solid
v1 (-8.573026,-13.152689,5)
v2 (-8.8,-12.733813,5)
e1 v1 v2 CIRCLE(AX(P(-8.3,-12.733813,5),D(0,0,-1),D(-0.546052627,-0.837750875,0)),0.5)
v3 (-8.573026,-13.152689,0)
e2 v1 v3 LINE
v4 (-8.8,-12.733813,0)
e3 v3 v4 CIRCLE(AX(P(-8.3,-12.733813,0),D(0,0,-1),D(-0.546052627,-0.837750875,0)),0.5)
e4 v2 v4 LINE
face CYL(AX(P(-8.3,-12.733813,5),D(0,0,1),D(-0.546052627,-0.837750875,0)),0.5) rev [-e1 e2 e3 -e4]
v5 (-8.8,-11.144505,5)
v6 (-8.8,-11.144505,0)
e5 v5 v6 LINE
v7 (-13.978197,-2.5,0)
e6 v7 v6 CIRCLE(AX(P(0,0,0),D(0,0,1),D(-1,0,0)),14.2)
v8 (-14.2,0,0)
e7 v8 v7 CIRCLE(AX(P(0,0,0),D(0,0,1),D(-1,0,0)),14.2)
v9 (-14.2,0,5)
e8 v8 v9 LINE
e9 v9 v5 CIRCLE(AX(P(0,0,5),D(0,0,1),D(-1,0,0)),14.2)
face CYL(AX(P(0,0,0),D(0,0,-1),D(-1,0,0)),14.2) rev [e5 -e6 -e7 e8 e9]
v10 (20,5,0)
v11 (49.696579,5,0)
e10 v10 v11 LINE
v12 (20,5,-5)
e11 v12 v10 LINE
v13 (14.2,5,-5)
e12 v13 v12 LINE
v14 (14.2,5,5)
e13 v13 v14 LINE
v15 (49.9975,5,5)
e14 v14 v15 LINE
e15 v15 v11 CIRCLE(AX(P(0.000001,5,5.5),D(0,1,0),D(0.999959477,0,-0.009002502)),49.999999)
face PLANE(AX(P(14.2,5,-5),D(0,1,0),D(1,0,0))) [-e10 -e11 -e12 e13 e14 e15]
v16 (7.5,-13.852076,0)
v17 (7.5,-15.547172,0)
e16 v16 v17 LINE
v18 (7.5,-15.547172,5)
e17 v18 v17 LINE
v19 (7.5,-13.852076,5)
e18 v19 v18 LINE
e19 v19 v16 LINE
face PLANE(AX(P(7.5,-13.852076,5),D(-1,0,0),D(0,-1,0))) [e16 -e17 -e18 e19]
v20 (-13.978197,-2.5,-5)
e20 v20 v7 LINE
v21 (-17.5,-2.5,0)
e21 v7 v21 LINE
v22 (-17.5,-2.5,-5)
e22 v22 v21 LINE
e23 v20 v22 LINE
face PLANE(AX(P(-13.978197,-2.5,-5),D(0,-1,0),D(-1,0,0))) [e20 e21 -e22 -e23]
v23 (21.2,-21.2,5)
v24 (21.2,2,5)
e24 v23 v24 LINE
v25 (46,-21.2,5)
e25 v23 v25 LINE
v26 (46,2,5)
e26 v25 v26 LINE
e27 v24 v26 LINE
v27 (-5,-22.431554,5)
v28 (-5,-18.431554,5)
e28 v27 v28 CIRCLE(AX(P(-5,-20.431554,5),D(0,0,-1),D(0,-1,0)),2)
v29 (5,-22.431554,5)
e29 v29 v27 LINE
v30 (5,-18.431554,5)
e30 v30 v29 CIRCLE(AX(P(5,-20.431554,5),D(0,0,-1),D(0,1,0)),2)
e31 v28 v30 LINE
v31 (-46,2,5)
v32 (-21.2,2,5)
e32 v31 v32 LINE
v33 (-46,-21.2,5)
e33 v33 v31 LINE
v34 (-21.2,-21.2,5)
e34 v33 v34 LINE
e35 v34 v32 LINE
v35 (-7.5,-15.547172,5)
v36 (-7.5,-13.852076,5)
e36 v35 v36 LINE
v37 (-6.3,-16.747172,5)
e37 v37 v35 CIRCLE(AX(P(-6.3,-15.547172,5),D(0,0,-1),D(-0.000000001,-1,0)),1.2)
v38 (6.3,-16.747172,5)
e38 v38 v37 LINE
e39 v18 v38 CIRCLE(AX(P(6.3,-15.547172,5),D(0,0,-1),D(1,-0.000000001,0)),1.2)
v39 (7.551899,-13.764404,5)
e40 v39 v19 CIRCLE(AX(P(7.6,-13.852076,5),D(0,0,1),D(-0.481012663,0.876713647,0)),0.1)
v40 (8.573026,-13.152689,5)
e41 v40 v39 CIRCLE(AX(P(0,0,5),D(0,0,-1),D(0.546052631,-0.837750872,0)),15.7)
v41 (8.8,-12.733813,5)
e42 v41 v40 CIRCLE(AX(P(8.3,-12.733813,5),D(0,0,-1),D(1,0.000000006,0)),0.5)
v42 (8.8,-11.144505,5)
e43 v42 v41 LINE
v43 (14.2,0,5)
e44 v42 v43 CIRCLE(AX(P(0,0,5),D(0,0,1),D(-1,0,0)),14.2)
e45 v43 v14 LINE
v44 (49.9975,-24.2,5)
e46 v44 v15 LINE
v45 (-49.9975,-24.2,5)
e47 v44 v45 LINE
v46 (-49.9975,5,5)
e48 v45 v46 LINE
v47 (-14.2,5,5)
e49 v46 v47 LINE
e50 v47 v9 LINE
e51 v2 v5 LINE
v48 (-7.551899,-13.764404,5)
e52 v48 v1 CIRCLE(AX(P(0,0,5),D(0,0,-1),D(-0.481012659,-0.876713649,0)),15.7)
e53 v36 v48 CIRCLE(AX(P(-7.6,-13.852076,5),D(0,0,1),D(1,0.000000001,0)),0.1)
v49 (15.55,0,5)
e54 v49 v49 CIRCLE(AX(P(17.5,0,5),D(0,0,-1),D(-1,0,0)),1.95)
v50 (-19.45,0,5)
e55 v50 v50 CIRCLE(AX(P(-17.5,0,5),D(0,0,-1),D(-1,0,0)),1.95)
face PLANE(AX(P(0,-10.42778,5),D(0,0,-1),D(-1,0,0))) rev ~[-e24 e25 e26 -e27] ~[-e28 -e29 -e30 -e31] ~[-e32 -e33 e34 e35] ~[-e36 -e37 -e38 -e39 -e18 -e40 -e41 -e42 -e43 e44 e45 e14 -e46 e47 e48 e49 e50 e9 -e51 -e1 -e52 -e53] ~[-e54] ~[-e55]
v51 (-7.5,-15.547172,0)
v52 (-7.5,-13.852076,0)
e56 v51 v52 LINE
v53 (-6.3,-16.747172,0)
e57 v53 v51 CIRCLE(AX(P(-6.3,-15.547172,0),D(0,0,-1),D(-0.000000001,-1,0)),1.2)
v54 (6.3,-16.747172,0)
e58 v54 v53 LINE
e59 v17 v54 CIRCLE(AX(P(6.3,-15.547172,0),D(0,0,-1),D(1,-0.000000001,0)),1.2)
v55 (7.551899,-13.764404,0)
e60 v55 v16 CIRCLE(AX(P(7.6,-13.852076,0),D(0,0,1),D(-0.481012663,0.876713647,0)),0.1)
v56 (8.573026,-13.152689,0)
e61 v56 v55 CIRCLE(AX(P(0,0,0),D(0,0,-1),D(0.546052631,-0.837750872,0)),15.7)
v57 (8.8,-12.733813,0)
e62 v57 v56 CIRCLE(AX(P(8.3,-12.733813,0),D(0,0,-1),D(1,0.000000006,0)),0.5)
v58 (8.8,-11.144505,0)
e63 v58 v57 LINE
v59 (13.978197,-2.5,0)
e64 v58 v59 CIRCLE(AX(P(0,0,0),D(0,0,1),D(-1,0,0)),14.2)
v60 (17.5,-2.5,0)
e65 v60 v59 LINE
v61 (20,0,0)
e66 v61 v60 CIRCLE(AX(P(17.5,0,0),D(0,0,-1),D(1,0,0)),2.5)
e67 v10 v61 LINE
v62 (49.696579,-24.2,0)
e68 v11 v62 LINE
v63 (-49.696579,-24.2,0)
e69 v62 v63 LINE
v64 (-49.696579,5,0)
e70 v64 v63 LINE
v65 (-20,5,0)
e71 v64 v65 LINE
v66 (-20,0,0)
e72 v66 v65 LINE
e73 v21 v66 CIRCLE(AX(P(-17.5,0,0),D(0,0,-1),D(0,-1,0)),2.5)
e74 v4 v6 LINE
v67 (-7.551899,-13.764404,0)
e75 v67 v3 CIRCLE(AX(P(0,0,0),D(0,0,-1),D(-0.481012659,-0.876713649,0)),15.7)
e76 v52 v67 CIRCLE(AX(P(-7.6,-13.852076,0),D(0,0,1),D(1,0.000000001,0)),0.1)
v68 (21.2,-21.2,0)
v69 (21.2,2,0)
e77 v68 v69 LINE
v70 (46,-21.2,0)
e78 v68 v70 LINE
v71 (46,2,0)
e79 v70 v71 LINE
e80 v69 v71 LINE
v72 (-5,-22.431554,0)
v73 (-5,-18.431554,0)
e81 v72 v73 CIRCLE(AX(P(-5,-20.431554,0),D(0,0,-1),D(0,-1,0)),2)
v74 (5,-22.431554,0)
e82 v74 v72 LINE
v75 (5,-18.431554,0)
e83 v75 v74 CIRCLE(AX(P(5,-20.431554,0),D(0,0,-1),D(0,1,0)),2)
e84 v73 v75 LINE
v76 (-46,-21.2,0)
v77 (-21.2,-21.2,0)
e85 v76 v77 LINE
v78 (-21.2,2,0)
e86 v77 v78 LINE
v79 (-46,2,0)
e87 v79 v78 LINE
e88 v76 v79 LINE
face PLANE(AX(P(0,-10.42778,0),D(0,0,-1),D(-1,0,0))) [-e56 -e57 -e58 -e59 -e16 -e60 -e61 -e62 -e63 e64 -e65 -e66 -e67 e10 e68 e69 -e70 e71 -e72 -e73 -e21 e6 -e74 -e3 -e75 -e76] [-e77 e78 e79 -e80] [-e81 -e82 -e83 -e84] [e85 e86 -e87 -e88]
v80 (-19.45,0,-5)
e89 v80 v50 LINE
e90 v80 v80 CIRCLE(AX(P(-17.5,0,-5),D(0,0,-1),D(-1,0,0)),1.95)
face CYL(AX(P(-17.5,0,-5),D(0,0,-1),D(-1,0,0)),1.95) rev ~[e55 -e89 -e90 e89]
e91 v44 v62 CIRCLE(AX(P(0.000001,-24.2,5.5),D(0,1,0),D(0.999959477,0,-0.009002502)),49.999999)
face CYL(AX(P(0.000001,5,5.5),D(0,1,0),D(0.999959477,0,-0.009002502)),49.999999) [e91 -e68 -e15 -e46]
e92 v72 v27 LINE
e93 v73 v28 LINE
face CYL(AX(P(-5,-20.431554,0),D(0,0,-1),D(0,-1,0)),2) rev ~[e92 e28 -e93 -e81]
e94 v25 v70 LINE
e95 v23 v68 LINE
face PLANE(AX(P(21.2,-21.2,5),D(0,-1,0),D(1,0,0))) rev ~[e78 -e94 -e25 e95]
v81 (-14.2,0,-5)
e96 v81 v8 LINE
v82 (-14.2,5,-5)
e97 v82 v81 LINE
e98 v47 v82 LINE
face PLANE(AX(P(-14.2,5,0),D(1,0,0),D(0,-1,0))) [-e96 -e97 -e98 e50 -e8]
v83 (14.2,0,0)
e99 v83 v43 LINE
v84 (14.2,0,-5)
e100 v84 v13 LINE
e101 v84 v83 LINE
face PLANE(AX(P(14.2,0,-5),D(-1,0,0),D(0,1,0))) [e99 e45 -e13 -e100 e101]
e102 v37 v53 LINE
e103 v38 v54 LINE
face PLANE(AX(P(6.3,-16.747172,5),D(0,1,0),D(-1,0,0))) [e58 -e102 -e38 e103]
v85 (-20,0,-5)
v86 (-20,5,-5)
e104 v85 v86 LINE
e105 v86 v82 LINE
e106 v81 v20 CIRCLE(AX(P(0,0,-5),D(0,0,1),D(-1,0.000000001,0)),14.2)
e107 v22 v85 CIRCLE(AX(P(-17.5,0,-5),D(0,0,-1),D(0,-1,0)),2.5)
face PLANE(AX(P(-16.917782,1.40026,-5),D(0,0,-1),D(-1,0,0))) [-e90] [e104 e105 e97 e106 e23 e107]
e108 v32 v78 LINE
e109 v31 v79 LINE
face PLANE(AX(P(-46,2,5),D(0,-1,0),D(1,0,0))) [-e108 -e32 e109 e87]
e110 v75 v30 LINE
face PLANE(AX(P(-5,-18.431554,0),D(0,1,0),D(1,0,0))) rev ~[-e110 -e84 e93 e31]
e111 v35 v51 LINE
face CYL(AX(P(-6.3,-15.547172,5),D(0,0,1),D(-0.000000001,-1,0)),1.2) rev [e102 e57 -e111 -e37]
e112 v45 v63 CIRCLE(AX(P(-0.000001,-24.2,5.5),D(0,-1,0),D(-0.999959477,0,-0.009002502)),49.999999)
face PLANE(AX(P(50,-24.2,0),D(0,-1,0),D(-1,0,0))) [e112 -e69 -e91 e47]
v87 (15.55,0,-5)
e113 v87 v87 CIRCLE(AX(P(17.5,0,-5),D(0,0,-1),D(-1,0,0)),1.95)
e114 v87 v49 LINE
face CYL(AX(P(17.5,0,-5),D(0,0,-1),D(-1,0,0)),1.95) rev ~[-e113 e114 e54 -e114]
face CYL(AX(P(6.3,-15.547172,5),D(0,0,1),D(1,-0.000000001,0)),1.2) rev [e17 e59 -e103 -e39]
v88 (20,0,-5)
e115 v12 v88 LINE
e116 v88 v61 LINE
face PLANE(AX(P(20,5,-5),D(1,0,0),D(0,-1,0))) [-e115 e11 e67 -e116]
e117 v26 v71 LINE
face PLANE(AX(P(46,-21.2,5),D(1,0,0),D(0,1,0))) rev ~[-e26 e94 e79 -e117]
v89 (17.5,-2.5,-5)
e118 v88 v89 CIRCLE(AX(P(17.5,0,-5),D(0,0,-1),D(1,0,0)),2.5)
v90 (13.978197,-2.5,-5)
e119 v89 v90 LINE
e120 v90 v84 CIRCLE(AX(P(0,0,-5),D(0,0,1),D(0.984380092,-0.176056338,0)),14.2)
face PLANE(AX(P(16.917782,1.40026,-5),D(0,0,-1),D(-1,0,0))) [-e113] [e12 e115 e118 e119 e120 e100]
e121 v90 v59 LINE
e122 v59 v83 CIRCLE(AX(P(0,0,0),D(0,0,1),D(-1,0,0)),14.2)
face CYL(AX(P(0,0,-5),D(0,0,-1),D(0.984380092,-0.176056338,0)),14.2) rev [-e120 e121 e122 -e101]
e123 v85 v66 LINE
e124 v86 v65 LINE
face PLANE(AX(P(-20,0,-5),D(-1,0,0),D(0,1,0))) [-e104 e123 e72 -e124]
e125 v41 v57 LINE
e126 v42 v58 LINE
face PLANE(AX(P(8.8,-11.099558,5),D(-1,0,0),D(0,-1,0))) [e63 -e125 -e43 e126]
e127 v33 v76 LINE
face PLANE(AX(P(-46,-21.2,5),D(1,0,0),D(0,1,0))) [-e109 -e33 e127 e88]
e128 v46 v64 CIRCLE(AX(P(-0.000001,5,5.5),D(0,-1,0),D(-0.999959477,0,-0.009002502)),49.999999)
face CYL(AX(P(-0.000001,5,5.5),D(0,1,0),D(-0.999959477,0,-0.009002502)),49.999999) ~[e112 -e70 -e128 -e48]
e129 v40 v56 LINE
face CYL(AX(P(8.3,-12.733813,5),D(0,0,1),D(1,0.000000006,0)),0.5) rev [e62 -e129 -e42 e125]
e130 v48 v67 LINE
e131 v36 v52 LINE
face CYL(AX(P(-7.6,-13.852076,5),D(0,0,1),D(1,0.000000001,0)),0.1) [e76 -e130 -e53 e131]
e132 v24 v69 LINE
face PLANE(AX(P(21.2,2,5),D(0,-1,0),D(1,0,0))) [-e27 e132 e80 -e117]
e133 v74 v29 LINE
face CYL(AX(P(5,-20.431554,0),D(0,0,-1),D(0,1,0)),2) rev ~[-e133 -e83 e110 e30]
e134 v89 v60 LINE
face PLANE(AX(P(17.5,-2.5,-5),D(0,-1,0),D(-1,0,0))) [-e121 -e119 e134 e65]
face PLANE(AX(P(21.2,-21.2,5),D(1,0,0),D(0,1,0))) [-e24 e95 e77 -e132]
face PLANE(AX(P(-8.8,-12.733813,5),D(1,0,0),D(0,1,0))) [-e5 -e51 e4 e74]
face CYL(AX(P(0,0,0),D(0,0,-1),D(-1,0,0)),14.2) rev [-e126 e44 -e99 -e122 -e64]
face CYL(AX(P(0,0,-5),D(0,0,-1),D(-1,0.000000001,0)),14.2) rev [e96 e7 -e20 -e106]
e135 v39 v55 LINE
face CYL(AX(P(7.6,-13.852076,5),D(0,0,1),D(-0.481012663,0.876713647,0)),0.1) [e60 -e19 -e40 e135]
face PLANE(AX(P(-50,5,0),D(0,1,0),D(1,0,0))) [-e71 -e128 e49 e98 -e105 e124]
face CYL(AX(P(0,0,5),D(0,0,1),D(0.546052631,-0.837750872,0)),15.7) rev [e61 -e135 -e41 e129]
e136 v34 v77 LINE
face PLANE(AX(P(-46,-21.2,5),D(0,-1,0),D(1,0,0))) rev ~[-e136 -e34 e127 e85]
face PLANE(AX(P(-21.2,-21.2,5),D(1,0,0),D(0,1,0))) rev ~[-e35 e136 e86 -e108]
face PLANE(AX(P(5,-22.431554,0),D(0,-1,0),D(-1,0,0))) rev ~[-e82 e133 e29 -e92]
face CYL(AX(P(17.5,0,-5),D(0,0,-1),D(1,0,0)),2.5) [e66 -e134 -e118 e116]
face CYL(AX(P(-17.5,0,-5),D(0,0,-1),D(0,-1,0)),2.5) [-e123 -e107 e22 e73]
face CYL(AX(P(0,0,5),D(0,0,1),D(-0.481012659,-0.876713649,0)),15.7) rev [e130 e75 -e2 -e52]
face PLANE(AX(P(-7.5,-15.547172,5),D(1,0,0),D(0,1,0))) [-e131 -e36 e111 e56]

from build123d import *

# Parameters (mm, degrees)
BOSS_EXTRUDE1_DEPTH = 5
SKETCH2_W           = 24.8
SKETCH2_H           = 23.2
CUT_EXTRUDE1_DEPTH  = 5
BOSS_EXTRUDE2_START = 5
BOSS_EXTRUDE2_DEPTH = 5
SKETCH4_R           = 1.95
CUT_EXTRUDE2_DEPTH  = 10
CUT_EXTRUDE3_DEPTH  = 5
CUT_EXTRUDE4_DEPTH  = 29.2


with BuildPart() as part:
    # Sketch1 → Boss-Extrude1 (new body)
    with BuildSketch(Plane.XY):
        with BuildLine():
            Line((14.2, 0), (14.2, 5))
            Line((14.2, 5), (50, 5))
            Line((50, 5), (50, -24.2))
            Line((50, -24.2), (-50, -24.2))
            Line((-50, -24.2), (-50, 5))
            Line((-50, 5), (-14.2, 5))
            Line((-14.2, 5), (-14.2, 0))
            ThreePointArc((-14.2, 0), (0, -14.2), (14.2, 0))
        make_face()
        with BuildLine():
            Line((-5, -18.431553888), (5, -18.431553888))
            ThreePointArc((5, -18.431553888), (7, -20.431553888), (5, -22.431553888))
            Line((5, -22.431553888), (-5, -22.431553888))
            ThreePointArc((-5, -22.431553888), (-7, -20.431553888), (-5, -18.431553888))
        make_face(mode=Mode.SUBTRACT)
    extrude(amount=BOSS_EXTRUDE1_DEPTH)

    # Sketch2 → Cut-Extrude1 (cut)
    with BuildSketch(Plane.XY.offset(5)):
        with Locations((-33.6, -9.6)):
            Rectangle(SKETCH2_W, SKETCH2_H)
        with Locations((33.6, -9.6)):
            Rectangle(SKETCH2_W, SKETCH2_H)
    extrude(amount=-CUT_EXTRUDE1_DEPTH, mode=Mode.SUBTRACT)

    # Sketch3 → Boss-Extrude2 (add)
    with BuildSketch(Plane(origin=(0, 0, 0), x_dir=(-1, 0, 0), z_dir=(0, 0, -1)).offset(BOSS_EXTRUDE2_START)):
        with BuildLine():
            Line((-20, 5), (-20, 0))
            ThreePointArc((-20, 0), (-19.267766953, -1.767766953), (-17.5, -2.5))
            Line((-17.5, -2.5), (-13.978197309, -2.5))
            ThreePointArc((-13.978197309, -2.5), (-14.144440636, -1.25491), (-14.2, 0))
            Line((-14.2, 0), (-14.2, 5))
            Line((-14.2, 5), (-20, 5))
        make_face()
        with BuildLine():
            ThreePointArc((14.2, 0), (14.144440636, -1.25491), (13.978197309, -2.5))
            Line((13.978197309, -2.5), (17.5, -2.5))
            ThreePointArc((17.5, -2.5), (19.267766953, -1.767766953), (20, 0))
            Line((20, 0), (20, 5))
            Line((20, 5), (14.2, 5))
            Line((14.2, 5), (14.2, 0))
        make_face()
    extrude(amount=-BOSS_EXTRUDE2_DEPTH)

    # Sketch4 → Cut-Extrude2 (cut)
    with BuildSketch(Plane(origin=(0, 0, -5), x_dir=(-1, 0, 0), z_dir=(0, 0, -1))):
        with Locations((-17.5, 0)):
            Circle(SKETCH4_R)
        with Locations((17.5, 0)):
            Circle(SKETCH4_R)
    extrude(amount=-CUT_EXTRUDE2_DEPTH, mode=Mode.SUBTRACT)

    # Sketch5 → Cut-Extrude3 (cut)
    with BuildSketch(Plane.XY.offset(5)):
        with BuildLine():
            Line((-7.5, -15.547171584), (-7.5, -13.852075657))
            ThreePointArc((-7.5, -13.852075657), (-7.513947323, -13.801135135), (-7.551898734, -13.764404292))
            ThreePointArc((-7.551898734, -13.764404292), (-8.068261954, -13.46822739), (-8.573026316, -13.15268869))
            ThreePointArc((-8.573026316, -13.15268869), (-8.739609576, -12.972022031), (-8.8, -12.733813254))
            Line((-8.8, -12.733813254), (-8.8, -11.099557513))
            Line((-8.8, -11.099557513), (8.8, -11.099557513))
            Line((8.8, -11.099557513), (8.8, -12.733813254))
            ThreePointArc((8.8, -12.733813254), (8.739609576, -12.972022031), (8.573026316, -13.15268869))
            ThreePointArc((8.573026316, -13.15268869), (8.068261954, -13.46822739), (7.551898734, -13.764404292))
            ThreePointArc((7.551898734, -13.764404292), (7.513947323, -13.801135135), (7.5, -13.852075657))
            Line((7.5, -13.852075657), (7.5, -15.547171584))
            ThreePointArc((7.5, -15.547171584), (7.148528137, -16.395699721), (6.3, -16.747171584))
            Line((6.3, -16.747171584), (-6.3, -16.747171584))
            ThreePointArc((-6.3, -16.747171584), (-7.148528137, -16.395699721), (-7.5, -15.547171584))
        make_face()
    extrude(amount=-CUT_EXTRUDE3_DEPTH, mode=Mode.SUBTRACT)

    # Sketch7 → Cut-Extrude4 (cut)
    with BuildSketch(Plane(origin=(0, 5, 0), x_dir=(1, 0, 0), z_dir=(0, 1, 0))):
        with BuildLine():
            Line((49.696579359, 0), (50, 0))
            Line((50, 0), (50, -5))
            Line((50, -5), (49.997973832, -5.049874854))
            ThreePointArc((49.997973832, -5.049874854), (49.911184048, -2.521123203), (49.696579359, 0))
        make_face()
        with BuildLine():
            Line((-50, -5), (-49.997973832, -5.049874854))
            ThreePointArc((-49.997973832, -5.049874854), (-49.911184048, -2.521123203), (-49.696579359, 0))
            Line((-49.696579359, 0), (-50, 0))
            Line((-50, 0), (-50, -5))
        make_face()
    extrude(amount=-CUT_EXTRUDE4_DEPTH, mode=Mode.SUBTRACT)


solid = part.part
